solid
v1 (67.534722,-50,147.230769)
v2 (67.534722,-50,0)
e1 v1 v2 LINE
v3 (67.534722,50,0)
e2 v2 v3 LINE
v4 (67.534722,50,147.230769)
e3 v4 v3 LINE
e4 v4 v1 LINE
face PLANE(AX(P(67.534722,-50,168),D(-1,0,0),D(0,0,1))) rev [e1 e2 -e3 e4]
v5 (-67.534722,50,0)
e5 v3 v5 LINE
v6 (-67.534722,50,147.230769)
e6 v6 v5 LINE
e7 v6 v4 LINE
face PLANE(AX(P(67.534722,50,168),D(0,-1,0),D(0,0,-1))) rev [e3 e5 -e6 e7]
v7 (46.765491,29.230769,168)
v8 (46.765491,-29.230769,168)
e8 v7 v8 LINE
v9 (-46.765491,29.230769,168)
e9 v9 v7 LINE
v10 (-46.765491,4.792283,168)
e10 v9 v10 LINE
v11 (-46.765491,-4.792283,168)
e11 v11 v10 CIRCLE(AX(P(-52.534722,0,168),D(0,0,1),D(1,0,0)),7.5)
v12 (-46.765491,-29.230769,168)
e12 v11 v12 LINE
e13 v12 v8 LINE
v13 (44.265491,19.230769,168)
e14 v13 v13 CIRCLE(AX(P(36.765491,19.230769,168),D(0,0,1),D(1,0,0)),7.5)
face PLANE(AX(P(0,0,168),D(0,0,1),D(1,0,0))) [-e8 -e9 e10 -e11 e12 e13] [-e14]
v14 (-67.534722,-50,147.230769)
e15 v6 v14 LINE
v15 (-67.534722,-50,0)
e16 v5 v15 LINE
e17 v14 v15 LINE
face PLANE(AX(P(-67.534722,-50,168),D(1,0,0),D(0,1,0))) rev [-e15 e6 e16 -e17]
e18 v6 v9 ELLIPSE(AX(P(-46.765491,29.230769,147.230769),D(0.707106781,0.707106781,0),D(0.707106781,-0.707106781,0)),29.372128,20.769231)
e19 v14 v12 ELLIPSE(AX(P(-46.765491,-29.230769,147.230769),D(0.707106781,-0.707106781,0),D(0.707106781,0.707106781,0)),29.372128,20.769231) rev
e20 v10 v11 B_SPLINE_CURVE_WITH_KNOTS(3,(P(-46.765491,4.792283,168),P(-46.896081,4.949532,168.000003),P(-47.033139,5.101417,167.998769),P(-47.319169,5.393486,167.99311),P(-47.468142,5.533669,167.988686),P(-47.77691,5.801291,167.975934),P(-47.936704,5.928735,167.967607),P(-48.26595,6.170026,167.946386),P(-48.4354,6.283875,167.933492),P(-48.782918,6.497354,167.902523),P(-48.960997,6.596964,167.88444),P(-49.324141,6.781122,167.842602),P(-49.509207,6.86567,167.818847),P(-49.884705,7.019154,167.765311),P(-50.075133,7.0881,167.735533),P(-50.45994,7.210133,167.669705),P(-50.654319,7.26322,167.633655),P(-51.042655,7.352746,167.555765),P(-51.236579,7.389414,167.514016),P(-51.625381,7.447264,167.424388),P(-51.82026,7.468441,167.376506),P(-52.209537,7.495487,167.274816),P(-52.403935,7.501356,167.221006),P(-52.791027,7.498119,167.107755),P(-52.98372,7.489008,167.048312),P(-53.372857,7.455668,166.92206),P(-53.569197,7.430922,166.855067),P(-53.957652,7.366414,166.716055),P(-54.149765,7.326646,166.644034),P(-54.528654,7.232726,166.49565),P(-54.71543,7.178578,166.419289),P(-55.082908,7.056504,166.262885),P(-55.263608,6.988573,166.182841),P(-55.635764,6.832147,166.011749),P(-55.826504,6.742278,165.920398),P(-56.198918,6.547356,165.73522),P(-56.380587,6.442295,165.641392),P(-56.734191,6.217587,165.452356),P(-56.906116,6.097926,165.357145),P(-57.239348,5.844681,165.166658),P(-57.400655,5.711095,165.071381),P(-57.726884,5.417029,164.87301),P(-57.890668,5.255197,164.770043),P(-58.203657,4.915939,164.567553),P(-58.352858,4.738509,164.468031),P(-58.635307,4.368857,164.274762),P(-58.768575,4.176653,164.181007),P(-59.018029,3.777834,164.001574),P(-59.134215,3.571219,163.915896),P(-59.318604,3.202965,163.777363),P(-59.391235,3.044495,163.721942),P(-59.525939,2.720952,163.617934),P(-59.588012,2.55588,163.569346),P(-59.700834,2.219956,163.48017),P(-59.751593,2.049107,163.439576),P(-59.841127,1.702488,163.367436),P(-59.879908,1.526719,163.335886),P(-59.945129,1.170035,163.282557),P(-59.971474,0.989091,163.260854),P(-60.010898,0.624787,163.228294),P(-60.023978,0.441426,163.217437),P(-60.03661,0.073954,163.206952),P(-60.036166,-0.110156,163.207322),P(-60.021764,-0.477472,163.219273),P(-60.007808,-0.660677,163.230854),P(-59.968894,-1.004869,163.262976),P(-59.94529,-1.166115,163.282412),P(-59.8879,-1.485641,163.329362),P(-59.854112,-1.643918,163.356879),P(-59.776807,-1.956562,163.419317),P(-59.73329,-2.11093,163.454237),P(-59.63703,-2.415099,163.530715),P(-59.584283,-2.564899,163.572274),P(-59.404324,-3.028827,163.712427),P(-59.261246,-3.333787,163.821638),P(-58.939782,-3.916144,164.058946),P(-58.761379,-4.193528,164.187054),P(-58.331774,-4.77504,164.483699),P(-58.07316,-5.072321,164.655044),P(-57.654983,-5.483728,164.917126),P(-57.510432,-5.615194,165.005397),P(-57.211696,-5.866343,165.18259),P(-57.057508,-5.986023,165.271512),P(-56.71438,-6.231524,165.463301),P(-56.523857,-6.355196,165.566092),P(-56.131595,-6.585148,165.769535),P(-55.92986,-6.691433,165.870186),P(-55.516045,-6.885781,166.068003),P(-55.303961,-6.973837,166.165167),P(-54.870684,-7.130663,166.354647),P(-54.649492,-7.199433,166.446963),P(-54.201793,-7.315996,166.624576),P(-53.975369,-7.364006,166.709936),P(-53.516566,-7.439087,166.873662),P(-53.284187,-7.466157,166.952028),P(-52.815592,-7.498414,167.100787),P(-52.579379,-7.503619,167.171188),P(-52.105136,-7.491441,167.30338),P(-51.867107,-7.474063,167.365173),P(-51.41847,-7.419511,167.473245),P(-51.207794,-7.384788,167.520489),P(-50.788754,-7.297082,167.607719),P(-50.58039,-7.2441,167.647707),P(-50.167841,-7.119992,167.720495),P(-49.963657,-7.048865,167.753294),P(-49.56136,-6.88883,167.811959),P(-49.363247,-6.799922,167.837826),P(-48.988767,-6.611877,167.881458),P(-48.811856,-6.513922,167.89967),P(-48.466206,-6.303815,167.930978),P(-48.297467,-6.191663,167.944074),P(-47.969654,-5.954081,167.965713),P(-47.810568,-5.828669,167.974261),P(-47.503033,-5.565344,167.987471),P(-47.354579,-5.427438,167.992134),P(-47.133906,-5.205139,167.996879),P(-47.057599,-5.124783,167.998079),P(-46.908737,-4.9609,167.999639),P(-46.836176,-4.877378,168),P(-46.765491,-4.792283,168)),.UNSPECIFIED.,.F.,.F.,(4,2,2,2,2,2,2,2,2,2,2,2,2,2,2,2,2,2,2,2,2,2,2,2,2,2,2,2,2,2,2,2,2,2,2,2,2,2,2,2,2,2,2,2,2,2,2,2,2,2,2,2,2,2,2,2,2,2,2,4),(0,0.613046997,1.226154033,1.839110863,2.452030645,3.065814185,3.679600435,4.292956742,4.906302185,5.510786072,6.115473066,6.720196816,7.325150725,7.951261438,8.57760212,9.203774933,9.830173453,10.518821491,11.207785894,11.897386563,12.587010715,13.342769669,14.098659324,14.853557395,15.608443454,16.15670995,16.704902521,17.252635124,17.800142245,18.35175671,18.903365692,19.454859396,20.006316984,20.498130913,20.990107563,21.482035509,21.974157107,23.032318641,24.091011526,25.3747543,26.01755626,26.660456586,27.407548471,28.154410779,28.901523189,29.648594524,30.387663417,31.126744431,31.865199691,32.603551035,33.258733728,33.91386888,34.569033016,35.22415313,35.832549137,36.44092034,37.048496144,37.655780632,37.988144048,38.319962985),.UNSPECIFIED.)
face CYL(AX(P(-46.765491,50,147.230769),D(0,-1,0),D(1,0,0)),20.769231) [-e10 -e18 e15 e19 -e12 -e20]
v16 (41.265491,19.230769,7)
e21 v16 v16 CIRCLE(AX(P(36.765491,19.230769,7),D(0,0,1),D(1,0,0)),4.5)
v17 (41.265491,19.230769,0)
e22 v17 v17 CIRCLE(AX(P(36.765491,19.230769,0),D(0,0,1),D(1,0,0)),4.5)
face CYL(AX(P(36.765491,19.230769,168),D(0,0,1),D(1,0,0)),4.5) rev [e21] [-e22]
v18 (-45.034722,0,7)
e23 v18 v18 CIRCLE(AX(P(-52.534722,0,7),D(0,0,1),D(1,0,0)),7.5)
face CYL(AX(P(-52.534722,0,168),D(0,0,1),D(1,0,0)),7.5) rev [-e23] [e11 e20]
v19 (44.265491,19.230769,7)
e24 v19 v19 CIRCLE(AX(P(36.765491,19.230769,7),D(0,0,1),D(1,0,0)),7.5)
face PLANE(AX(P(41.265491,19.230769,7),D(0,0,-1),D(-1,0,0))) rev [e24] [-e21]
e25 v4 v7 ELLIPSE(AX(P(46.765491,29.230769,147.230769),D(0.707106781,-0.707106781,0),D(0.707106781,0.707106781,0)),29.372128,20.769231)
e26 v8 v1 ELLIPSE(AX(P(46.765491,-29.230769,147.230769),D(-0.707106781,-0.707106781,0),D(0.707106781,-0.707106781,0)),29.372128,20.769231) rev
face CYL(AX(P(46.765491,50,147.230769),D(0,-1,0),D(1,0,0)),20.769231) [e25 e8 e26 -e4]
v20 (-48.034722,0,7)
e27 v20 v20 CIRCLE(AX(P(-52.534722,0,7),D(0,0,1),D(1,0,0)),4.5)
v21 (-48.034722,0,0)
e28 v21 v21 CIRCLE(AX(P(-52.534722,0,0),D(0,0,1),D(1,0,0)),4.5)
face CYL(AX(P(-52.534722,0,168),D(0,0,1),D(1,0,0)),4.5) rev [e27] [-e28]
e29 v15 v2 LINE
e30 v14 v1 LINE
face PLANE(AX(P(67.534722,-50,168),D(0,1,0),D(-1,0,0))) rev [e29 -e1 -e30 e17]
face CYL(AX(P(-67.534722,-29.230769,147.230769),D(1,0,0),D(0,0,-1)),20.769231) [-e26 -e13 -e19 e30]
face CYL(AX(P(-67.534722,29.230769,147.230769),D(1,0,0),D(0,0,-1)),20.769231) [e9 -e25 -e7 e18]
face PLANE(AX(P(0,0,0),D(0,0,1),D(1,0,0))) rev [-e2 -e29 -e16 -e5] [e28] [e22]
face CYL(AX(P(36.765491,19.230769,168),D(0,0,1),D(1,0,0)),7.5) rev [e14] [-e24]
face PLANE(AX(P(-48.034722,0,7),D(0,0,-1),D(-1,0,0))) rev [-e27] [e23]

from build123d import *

# Parameters (mm, degrees)
SKIZZE1_W                                           = 135.069444444
SKIZZE1_H                                           = 100
AUFSATZ_LINEAR_AUSTRAGEN1_DEPTH                     = 168
SCHNITT_LINEAR_AUSTRAGEN1_DEPTH                     = 222.286589794
SCHNITT_LINEAR_AUSTRAGEN2_DEPTH                     = 207.845204696
SPIEGELN2_COPY_1_DEPTH                              = 222.286589794
SPIEGELN2_COPY_2_DEPTH                              = 222.286589794
STIRNSENKUNG_F_R_M8_SENKSCHRAUBE_KOPF_B_D           = 9
STIRNSENKUNG_F_R_M8_SENKSCHRAUBE_KOPF_B_CBORE_D     = 15
STIRNSENKUNG_F_R_M8_SENKSCHRAUBE_KOPF_B_CBORE_DEPTH = 161
STIRNSENKUNG_F_R_M8_SENKSCHRAUBE_KO_2_D             = 9
STIRNSENKUNG_F_R_M8_SENKSCHRAUBE_KO_2_CBORE_D       = 15
STIRNSENKUNG_F_R_M8_SENKSCHRAUBE_KO_2_CBORE_DEPTH   = 161


with BuildPart() as part:
    # Skizze1 → Aufsatz-Linear austragen1 (new body)
    with BuildSketch(Plane.XY):
        Rectangle(SKIZZE1_W, SKIZZE1_H)
    extrude(amount=AUFSATZ_LINEAR_AUSTRAGEN1_DEPTH)

    # Skizze2 → Schnitt-Linear austragen1 (cut, through all)
    with BuildSketch(Plane(origin=(67.534722222, 0, 0), x_dir=(0, 0, -1), z_dir=(1, 0, 0))):
        with BuildLine():
            Line((-147.230769231, 50), (18.556111772, 50))
            Line((18.556111772, 50), (-294.033910821, 102.758784569))
            Line((-294.033910821, 102.758784569), (-168, -33.660289563))
            Line((-168, -33.660289563), (-168, 29.230769231))
            ThreePointArc((-168, 29.230769231), (-161.916833148, 43.916833148), (-147.230769231, 50))
        make_face()
    schnitt_linear_austragen1 = extrude(amount=-SCHNITT_LINEAR_AUSTRAGEN1_DEPTH, mode=Mode.SUBTRACT)

    # Skizze3 → Schnitt-Linear austragen2 (cut, through all)
    with BuildSketch(Plane.XZ.offset(50)):
        with BuildLine():
            Line((67.534722222, 147.230769231), (67.534722222, 12.080316404))
            Line((67.534722222, 12.080316404), (116.298873036, 236.387140366))
            Line((116.298873036, 236.387140366), (-16.125567341, 168))
            Line((-16.125567341, 168), (46.765491453, 168))
            ThreePointArc((46.765491453, 168), (61.45155537, 161.916833148), (67.534722222, 147.230769231))
        make_face()
    schnitt_linear_austragen2 = extrude(amount=-SCHNITT_LINEAR_AUSTRAGEN2_DEPTH, mode=Mode.SUBTRACT)

    # Spiegeln1: Schnitt-Linear austragen1 across plane
    add(schnitt_linear_austragen1.mirror(Plane.ZX), mode=Mode.SUBTRACT)

    # Spiegeln2: Schnitt-Linear austragen2 across plane
    add(schnitt_linear_austragen2.mirror(Plane(origin=(0, 0, 0), x_dir=(0, 0, 1), z_dir=(1, 0, 0))), mode=Mode.SUBTRACT)

    # Spiegeln2 copy 1 sketch → Spiegeln2 copy 1 (cut, through all)
    with BuildSketch(Plane(origin=(-67.534722222, 0, 0), x_dir=(0, 0, -1), z_dir=(-1, 0, 0))):
        with BuildLine():
            Line((-147.230769231, 50), (18.556111772, 50))
            Line((18.556111772, 50), (-294.033910821, 102.758784569))
            Line((-294.033910821, 102.758784569), (-168, -33.660289563))
            Line((-168, -33.660289563), (-168, 29.230769231))
            ThreePointArc((-168, 29.230769231), (-161.916833148, 43.916833148), (-147.230769231, 50))
        make_face()
    extrude(amount=-SPIEGELN2_COPY_1_DEPTH, mode=Mode.SUBTRACT)

    # Spiegeln2 copy 2 sketch → Spiegeln2 copy 2 (cut, through all)
    with BuildSketch(Plane(origin=(-67.534722222, 0, 0), x_dir=(0, 0, -1), z_dir=(-1, 0, 0))):
        with BuildLine():
            Line((-147.230769231, -50), (18.556111772, -50))
            Line((18.556111772, -50), (-294.033910821, -102.758784569))
            Line((-294.033910821, -102.758784569), (-168, 33.660289563))
            Line((-168, 33.660289563), (-168, -29.230769231))
            ThreePointArc((-168, -29.230769231), (-161.916833148, -43.916833148), (-147.230769231, -50))
        make_face()
    extrude(amount=-SPIEGELN2_COPY_2_DEPTH, mode=Mode.SUBTRACT)

    # Stirnsenkung f_r M8 Senkschraube _Kopf B (through all)
    with Locations(Plane.XY.offset(168)):
        with Locations((-52.534722222, 0)):
            CounterBoreHole(STIRNSENKUNG_F_R_M8_SENKSCHRAUBE_KOPF_B_D / 2, STIRNSENKUNG_F_R_M8_SENKSCHRAUBE_KOPF_B_CBORE_D / 2, STIRNSENKUNG_F_R_M8_SENKSCHRAUBE_KOPF_B_CBORE_DEPTH)

    # Stirnsenkung f_r M8 Senkschraube _Ko 2 (through all)
    with Locations(Plane.XY.offset(168)):
        with Locations((36.765491453, 19.230769231)):
            CounterBoreHole(STIRNSENKUNG_F_R_M8_SENKSCHRAUBE_KO_2_D / 2, STIRNSENKUNG_F_R_M8_SENKSCHRAUBE_KO_2_CBORE_D / 2, STIRNSENKUNG_F_R_M8_SENKSCHRAUBE_KO_2_CBORE_DEPTH)


solid = part.part
